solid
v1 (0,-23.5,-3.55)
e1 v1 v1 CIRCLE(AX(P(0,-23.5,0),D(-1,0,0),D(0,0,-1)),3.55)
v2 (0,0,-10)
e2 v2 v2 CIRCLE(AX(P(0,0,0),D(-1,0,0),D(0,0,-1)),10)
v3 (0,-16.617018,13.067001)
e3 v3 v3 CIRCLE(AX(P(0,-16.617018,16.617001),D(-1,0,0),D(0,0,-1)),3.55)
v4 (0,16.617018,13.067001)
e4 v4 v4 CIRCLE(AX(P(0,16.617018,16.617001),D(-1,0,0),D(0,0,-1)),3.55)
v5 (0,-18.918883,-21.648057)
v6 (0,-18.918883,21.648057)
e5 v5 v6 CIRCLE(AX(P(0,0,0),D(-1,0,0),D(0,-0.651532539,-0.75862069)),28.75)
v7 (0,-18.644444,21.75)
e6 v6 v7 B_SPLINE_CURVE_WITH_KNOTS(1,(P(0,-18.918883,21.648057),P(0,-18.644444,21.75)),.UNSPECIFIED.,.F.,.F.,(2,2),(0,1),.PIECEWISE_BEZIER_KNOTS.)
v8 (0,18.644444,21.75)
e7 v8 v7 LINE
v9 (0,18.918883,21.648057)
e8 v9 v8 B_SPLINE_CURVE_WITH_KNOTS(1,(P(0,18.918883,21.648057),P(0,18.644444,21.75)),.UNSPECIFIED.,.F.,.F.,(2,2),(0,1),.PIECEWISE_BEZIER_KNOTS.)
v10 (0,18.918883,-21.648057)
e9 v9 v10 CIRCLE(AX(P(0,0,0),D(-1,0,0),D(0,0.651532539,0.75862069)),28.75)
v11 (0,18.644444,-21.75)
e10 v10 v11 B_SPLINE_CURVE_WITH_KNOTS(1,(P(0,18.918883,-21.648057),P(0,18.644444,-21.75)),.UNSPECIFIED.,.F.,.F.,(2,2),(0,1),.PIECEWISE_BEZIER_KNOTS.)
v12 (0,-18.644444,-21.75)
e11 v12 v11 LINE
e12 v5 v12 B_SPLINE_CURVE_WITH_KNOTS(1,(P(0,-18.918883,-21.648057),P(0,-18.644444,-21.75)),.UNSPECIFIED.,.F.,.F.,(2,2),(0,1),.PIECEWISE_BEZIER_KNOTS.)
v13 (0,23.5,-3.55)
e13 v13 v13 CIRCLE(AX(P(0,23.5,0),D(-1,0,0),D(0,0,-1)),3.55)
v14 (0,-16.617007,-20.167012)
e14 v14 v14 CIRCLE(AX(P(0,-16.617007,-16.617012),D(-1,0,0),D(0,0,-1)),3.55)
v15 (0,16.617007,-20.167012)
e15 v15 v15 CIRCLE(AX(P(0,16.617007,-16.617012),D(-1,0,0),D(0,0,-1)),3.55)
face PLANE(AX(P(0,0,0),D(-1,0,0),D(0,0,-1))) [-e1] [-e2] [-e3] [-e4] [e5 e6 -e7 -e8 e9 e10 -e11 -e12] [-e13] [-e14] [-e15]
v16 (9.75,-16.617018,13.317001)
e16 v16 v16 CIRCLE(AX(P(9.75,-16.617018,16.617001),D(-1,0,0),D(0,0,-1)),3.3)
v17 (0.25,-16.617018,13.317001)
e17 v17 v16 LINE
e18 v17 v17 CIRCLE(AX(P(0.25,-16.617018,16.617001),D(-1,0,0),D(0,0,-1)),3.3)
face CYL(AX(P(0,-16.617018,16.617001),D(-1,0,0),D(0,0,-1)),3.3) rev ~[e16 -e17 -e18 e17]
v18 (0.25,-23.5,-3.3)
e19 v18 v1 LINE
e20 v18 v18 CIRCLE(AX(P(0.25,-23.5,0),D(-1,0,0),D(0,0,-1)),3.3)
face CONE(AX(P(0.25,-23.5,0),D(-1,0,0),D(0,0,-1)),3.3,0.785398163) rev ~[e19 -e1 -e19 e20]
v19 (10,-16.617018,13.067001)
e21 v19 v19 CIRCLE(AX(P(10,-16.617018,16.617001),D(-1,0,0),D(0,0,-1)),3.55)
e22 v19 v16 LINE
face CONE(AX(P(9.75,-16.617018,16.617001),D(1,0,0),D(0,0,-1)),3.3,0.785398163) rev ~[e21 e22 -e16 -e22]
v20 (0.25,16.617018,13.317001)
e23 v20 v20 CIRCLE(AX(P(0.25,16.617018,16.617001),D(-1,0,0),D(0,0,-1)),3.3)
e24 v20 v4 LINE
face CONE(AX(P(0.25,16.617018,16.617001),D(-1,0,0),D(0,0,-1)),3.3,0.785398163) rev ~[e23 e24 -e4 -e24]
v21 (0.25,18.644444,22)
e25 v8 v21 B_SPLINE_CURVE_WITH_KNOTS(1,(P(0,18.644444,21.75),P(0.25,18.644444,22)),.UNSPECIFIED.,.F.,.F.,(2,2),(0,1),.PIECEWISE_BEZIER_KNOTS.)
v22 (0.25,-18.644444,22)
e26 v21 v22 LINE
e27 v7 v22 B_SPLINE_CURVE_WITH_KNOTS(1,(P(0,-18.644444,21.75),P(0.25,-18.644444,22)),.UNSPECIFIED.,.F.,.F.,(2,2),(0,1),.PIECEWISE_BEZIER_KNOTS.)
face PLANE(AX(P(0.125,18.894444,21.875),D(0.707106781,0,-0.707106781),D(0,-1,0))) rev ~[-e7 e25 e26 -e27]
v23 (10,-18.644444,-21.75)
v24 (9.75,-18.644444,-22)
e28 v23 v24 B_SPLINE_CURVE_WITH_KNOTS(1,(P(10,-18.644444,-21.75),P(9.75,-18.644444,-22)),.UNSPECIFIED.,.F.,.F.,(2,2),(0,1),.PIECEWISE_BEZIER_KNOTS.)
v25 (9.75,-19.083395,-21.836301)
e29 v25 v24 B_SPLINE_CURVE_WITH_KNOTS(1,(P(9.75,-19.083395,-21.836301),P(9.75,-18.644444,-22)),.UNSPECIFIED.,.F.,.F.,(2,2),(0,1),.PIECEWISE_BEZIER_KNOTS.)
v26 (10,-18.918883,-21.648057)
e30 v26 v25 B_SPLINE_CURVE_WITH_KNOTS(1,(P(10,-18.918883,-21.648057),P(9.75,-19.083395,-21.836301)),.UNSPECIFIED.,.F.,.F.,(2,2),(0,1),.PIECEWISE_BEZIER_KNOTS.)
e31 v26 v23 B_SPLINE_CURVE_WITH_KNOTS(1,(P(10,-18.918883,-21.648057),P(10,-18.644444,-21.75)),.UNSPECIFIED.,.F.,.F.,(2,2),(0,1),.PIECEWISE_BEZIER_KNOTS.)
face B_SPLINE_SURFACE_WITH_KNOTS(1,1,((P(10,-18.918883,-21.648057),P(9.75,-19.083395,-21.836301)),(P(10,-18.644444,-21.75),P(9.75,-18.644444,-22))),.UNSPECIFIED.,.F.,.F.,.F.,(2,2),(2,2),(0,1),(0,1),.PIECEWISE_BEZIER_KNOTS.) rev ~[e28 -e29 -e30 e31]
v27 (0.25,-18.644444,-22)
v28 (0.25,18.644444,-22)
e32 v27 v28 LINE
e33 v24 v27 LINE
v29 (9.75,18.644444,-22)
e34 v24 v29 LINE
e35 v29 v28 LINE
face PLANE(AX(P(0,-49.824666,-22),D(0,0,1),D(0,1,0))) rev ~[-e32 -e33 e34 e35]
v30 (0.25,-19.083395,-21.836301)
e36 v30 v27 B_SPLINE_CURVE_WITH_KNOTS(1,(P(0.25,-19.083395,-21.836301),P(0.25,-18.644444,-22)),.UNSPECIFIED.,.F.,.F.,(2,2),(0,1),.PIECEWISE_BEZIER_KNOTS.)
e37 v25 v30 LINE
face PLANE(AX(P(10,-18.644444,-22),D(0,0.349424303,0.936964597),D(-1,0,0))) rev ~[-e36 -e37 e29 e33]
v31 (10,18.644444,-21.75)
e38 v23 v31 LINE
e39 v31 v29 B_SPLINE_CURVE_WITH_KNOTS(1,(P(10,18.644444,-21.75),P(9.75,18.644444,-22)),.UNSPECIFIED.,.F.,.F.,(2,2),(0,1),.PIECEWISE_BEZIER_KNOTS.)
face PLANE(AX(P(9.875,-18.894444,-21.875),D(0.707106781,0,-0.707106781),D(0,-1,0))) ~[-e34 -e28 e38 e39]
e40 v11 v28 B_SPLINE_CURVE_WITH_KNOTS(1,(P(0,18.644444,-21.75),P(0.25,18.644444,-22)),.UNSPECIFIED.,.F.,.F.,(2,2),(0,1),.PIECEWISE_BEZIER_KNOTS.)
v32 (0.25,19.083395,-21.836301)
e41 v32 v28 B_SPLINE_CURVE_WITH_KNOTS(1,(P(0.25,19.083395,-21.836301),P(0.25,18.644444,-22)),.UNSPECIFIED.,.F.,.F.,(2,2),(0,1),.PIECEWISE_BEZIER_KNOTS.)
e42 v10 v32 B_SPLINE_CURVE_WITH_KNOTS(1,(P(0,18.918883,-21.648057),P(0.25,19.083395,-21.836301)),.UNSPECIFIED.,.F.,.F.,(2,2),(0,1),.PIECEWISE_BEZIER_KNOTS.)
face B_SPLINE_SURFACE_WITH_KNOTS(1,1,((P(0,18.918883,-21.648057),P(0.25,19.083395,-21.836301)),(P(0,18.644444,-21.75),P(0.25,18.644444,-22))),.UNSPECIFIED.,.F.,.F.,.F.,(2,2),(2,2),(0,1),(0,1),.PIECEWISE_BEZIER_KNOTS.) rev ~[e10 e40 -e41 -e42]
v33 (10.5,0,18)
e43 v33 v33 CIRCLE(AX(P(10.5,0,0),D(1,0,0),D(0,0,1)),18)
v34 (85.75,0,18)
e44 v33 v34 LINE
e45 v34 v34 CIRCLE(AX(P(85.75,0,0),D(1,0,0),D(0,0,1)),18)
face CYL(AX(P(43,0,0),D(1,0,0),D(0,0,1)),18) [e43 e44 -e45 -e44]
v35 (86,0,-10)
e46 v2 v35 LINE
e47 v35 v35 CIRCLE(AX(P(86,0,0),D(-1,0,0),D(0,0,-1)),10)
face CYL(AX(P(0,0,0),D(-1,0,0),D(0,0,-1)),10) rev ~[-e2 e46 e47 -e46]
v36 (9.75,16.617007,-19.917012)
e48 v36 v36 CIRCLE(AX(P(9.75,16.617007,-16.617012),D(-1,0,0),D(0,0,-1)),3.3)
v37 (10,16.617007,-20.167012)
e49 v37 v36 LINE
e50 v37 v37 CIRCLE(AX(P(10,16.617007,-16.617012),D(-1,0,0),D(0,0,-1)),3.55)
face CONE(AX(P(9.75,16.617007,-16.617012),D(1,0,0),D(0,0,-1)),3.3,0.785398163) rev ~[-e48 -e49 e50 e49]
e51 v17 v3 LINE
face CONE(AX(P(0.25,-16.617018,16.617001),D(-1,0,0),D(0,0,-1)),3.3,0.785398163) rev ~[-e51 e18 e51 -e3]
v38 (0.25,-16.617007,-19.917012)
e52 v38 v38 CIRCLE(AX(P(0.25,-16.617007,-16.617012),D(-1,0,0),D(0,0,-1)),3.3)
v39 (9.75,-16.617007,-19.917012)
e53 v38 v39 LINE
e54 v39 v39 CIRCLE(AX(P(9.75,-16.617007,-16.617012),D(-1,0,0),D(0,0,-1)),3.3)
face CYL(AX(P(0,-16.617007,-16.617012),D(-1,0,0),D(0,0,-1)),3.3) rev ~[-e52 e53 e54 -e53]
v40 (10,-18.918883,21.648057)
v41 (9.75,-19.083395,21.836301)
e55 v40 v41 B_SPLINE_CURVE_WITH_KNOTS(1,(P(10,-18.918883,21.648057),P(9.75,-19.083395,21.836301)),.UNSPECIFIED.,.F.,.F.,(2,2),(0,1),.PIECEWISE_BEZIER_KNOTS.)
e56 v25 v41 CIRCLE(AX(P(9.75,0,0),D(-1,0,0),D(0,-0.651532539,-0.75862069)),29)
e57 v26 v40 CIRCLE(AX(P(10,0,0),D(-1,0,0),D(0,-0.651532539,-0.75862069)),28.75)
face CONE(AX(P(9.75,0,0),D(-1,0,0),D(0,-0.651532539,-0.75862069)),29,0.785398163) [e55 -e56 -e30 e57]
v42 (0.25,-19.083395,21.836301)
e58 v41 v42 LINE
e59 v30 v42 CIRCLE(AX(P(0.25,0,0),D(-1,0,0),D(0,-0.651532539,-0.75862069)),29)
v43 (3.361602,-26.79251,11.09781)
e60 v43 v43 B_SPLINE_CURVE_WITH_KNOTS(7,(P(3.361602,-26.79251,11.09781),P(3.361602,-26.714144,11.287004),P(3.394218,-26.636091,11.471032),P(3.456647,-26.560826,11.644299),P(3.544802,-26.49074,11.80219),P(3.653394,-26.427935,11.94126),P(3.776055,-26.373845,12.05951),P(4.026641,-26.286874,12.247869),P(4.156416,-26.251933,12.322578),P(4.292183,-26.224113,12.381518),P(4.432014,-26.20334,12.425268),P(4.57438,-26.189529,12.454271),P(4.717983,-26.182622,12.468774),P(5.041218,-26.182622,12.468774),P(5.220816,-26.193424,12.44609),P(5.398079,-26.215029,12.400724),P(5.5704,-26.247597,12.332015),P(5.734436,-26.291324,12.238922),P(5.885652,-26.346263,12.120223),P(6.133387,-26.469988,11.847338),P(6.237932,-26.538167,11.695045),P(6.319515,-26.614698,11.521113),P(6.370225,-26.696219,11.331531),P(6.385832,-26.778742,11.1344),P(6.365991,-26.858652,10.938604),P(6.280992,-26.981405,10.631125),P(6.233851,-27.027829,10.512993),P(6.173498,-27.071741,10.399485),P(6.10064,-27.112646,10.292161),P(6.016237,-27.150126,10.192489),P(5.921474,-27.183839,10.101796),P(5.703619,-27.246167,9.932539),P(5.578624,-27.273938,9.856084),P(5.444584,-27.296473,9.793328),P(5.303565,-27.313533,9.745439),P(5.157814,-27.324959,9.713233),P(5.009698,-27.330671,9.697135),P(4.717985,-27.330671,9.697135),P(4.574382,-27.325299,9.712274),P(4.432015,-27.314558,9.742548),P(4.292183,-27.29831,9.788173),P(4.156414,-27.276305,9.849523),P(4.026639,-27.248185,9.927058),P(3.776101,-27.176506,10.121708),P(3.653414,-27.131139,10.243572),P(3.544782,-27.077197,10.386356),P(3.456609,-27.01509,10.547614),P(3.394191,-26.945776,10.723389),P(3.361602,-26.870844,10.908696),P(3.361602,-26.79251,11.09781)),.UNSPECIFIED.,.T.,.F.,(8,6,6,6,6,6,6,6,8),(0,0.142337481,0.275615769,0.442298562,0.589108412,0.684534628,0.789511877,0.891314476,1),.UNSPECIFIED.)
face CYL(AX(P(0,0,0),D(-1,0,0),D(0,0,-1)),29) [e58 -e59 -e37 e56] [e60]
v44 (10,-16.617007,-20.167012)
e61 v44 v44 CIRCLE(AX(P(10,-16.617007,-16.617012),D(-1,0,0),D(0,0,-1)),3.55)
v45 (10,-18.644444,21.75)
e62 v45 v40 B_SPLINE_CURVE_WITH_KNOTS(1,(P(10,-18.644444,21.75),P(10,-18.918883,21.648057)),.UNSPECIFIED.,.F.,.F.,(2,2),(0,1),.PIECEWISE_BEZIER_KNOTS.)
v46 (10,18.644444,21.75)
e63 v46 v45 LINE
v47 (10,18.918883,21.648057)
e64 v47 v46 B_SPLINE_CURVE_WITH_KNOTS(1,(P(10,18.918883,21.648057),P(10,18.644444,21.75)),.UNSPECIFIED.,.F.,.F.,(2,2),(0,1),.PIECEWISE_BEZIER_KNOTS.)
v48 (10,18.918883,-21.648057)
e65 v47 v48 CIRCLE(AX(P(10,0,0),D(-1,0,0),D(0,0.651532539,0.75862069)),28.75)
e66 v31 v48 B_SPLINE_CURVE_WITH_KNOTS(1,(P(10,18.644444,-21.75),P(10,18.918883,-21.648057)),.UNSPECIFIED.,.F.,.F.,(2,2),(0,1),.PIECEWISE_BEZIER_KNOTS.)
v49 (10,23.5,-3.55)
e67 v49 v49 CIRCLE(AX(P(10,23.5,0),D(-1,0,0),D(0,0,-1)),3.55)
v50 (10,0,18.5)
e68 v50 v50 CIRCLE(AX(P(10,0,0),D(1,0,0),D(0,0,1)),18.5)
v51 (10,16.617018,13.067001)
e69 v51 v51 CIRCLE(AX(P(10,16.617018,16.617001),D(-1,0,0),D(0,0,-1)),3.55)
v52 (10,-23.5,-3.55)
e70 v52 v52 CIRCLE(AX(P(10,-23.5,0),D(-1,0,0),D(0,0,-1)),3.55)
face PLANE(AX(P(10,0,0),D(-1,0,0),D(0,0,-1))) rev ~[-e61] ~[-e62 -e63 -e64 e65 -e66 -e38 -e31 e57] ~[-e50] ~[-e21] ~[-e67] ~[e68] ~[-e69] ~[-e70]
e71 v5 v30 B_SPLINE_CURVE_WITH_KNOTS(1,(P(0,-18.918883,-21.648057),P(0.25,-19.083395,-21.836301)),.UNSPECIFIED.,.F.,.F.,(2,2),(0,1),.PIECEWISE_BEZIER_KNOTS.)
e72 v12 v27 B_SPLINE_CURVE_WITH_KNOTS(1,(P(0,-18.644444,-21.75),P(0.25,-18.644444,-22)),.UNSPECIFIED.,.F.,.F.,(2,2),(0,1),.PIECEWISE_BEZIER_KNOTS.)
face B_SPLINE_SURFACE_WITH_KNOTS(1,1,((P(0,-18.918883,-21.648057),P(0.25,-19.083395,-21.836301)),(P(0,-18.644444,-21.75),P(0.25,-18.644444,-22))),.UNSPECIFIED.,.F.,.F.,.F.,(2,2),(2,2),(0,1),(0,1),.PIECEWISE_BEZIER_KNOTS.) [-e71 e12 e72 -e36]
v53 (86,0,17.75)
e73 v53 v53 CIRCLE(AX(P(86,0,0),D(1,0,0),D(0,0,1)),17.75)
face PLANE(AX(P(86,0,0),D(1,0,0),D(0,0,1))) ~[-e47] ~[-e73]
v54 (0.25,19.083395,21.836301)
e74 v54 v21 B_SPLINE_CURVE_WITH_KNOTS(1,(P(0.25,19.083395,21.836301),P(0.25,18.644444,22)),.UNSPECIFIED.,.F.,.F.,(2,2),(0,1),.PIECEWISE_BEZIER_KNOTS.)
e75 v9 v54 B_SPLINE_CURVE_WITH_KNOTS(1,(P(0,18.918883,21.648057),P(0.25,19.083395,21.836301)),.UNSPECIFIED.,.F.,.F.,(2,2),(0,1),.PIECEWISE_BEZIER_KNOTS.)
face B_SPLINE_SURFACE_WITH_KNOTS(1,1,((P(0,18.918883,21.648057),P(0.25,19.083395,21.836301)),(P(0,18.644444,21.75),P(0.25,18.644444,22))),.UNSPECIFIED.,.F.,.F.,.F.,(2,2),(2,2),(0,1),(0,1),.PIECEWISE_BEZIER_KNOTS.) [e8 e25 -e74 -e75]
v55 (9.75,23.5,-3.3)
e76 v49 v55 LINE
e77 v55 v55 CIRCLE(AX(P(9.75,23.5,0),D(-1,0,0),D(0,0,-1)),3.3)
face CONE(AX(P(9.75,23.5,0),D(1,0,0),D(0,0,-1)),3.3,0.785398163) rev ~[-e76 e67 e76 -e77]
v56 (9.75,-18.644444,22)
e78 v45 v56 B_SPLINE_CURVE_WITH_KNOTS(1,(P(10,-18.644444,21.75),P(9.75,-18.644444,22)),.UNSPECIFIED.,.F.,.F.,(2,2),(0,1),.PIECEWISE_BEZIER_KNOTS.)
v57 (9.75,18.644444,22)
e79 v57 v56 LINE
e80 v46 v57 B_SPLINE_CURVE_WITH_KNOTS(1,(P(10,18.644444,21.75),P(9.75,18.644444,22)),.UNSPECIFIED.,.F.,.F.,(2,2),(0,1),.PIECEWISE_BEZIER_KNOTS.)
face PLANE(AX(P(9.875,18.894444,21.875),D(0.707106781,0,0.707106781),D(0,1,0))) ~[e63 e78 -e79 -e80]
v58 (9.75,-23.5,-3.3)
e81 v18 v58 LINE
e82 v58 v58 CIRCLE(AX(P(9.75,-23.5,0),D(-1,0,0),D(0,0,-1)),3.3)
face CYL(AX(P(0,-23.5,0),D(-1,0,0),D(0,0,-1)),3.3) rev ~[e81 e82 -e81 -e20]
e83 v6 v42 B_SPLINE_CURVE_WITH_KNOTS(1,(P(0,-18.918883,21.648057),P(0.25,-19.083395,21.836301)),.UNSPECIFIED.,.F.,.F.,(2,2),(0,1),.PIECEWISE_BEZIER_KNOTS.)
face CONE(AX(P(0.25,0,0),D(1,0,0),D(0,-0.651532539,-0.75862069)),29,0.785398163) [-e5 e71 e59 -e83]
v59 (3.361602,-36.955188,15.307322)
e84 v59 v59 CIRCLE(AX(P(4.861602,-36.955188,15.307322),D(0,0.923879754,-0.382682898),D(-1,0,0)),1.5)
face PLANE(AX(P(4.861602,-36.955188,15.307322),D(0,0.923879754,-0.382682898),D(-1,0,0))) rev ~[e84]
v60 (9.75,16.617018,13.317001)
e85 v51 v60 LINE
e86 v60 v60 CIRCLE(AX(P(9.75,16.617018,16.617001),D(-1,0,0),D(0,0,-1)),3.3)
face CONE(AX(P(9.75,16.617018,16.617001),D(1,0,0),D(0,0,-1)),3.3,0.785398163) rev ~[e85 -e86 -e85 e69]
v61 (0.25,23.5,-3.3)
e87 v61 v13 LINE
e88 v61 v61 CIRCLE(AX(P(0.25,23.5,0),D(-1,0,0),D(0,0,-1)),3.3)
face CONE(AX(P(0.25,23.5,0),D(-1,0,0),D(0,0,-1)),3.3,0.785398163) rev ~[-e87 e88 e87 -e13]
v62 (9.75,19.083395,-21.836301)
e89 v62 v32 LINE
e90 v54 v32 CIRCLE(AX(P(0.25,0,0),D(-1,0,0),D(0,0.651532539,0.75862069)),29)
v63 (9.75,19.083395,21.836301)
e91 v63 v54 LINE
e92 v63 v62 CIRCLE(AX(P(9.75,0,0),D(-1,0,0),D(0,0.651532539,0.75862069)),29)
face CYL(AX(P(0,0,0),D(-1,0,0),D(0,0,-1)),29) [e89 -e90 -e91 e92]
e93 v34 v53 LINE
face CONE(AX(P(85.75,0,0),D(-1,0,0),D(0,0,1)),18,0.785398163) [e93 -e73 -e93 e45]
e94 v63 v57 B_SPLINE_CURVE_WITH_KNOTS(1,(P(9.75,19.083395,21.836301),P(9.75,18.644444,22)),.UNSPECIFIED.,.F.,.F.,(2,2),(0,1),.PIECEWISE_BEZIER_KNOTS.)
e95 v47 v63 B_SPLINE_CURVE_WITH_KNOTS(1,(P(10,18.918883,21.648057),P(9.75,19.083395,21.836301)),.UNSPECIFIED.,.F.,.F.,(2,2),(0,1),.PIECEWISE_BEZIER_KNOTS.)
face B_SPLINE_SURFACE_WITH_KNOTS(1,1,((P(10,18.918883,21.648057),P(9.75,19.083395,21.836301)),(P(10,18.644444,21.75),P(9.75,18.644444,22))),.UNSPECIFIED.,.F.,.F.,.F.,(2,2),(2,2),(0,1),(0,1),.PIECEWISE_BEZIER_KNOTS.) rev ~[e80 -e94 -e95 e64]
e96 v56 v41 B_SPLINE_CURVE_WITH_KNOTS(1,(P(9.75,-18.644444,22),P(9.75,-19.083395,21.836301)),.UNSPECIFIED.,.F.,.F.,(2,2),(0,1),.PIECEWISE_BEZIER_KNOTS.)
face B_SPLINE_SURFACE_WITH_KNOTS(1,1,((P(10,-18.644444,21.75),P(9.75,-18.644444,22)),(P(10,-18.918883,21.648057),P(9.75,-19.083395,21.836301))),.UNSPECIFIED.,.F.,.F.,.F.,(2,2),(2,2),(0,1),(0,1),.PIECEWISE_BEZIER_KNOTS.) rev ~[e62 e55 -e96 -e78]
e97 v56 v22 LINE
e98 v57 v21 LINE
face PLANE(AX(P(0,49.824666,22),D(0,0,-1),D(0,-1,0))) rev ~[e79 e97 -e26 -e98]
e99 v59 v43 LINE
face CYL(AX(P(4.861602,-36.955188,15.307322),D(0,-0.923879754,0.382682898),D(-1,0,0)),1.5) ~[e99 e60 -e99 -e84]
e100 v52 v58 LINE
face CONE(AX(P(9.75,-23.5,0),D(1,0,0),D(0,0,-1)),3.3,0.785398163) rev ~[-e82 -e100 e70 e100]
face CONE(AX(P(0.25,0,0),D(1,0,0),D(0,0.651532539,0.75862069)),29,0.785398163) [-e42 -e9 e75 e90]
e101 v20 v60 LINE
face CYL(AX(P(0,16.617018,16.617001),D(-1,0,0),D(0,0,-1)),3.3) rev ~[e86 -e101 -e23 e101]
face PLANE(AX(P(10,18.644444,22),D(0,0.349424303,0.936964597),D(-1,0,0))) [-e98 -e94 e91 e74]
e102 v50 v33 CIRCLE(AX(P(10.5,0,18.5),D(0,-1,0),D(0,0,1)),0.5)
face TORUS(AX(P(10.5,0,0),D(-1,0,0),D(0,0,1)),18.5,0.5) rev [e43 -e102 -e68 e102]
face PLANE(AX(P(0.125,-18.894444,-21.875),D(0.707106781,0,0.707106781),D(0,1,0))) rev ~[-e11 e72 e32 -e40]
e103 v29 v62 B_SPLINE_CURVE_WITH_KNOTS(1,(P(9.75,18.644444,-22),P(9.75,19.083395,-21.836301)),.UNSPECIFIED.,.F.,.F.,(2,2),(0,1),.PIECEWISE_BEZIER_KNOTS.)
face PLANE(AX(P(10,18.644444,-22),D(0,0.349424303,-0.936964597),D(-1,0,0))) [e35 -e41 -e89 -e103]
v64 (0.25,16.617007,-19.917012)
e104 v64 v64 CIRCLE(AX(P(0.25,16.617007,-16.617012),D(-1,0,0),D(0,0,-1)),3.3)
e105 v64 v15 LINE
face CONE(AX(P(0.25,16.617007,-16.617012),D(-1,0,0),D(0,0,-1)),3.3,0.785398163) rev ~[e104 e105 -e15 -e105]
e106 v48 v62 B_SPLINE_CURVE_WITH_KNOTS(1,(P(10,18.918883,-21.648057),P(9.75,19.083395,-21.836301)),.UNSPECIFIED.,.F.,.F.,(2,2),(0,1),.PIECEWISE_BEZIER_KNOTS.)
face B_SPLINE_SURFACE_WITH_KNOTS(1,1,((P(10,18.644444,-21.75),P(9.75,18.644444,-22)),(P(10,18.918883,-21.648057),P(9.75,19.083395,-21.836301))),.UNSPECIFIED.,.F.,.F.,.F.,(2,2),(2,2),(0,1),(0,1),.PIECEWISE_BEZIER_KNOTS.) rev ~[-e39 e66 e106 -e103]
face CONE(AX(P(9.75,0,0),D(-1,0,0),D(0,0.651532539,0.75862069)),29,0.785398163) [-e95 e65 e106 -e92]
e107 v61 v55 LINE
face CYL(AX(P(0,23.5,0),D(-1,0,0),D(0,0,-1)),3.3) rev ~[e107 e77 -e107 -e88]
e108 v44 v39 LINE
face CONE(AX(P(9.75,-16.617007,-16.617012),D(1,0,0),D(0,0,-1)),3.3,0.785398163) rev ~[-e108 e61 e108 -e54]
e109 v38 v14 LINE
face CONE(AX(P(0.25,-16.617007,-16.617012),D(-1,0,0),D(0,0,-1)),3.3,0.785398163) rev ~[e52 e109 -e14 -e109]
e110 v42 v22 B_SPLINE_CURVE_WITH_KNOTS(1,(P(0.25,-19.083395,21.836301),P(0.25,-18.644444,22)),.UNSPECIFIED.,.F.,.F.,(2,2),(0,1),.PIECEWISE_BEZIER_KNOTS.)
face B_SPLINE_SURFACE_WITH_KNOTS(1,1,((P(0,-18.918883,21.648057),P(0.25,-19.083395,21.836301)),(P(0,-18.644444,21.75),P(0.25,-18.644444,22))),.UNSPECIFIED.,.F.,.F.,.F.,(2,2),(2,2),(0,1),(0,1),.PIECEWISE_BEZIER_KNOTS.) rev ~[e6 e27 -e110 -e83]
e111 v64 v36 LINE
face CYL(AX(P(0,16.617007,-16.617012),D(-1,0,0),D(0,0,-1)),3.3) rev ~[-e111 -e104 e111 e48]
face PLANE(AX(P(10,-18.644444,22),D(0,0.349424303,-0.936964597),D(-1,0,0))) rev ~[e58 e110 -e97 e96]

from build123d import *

# Parameters (mm, degrees)
SKETCH_W        = 86
SKETCH_H        = 18
SKETCH001_R     = 29
PAD_DEPTH       = 10
SKETCH002_W     = 20
SKETCH002_H     = 49.824667
POCKET_DEPTH    = 86.001
SKETCH003_R     = 3.3
POCKET001_DEPTH = 86.001
SKETCH005_R     = 1.5
PAD001_DEPTH    = 29
FILLET_R        = 0.5
CHAMFER_SIZE    = 0.25
CHAMFER001_SIZE = 0.25
CHAMFER002_SIZE = 0.25
SKETCH007_R     = 10
POCKET002_DEPTH = 86.001


with BuildPart() as part:
    # Sketch → Revolution (revolve)
    with BuildSketch(Plane.XZ):
        with Locations((43, 9)):
            Rectangle(SKETCH_W, SKETCH_H)
    revolve(axis=Axis((0, 0, 0), (1, 0, 0)))

    # Sketch001 (on Face3 of Revolution) → Pad (new body)
    with BuildSketch(Plane(origin=(0, 0, 0), x_dir=(0, 0, -1), z_dir=(-1, 0, 0))):
        Circle(SKETCH001_R)
    extrude(amount=-PAD_DEPTH)

    # Sketch002 (on Face5 of Pad) → Pocket (cut, through all)
    with BuildSketch(Plane(origin=(0, 0, 0), x_dir=(0, 0, -1), z_dir=(-1, 0, 0))):
        with Locations((-32, 24.912333)):
            Rectangle(SKETCH002_W, SKETCH002_H)
        with Locations((-32, -24.912333)):
            Rectangle(SKETCH002_W, SKETCH002_H)
        with Locations((32, 24.912333)):
            Rectangle(SKETCH002_W, SKETCH002_H)
        with Locations((32, -24.912333)):
            Rectangle(SKETCH002_W, SKETCH002_H)
    extrude(amount=-POCKET_DEPTH, mode=Mode.SUBTRACT)

    # Sketch003 (on Face6 of Pocket) → Pocket001 (cut, through all)
    with BuildSketch(Plane(origin=(0, 0, 0), x_dir=(0, 0, -1), z_dir=(-1, 0, 0))):
        with Locations((-16.617001, -16.617018)):
            Circle(SKETCH003_R)
        with Locations((0, -23.5)):
            Circle(SKETCH003_R)
        with Locations((16.617012, -16.617007)):
            Circle(SKETCH003_R)
        with Locations((-16.617001, 16.617018)):
            Circle(SKETCH003_R)
        with Locations((0, 23.5)):
            Circle(SKETCH003_R)
        with Locations((16.617012, 16.617007)):
            Circle(SKETCH003_R)
    extrude(amount=-POCKET001_DEPTH, mode=Mode.SUBTRACT)

    # Sketch005 (on DatumPlane) → Pad001 (join)
    with BuildSketch(Plane(origin=(5, -36.955188, 15.307322), x_dir=(-1, 0, 0), z_dir=(0, 0.92388, -0.382683))):
        with Locations((0.138398, 0)):
            Circle(SKETCH005_R)
    extrude(amount=PAD001_DEPTH)

    # Fillet
    fillet_edges = [part.edges().sort_by_distance(p)[0] for p in [
        (10, 0, -18),
    ]]
    fillet(fillet_edges, radius=FILLET_R)

    # Chamfer
    chamfer_edges = [part.edges().sort_by_distance(p)[0] for p in [
        (0, 0, 22),
        (5, -18.894444, 22),
        (10, 0, 22),
        (5, 18.894444, 22),
        (0, -29, 0),
        (10, -29, 0),
        (0, 0, -22),
        (5, 18.894444, -22),
        (10, 0, -22),
        (5, -18.894444, -22),
        (0, 29, 0),
        (10, 29, 0),
    ]]
    chamfer(chamfer_edges, length=CHAMFER_SIZE)

    # Chamfer001
    chamfer001_edges = [part.edges().sort_by_distance(p)[0] for p in [
        (86, 0, -18),
    ]]
    chamfer(chamfer001_edges, length=CHAMFER001_SIZE)

    # Chamfer002
    chamfer002_edges = [part.edges().sort_by_distance(p)[0] for p in [
        (0, -16.617018, 19.917001),
        (5, -16.617018, 13.317001),
        (10, -16.617018, 19.917001),
        (0, 16.617018, 19.917001),
        (5, 16.617018, 13.317001),
        (10, 16.617018, 19.917001),
        (0, 23.5, 3.3),
        (5, 23.5, -3.3),
        (10, 23.5, 3.3),
        (0, 16.617007, -13.317012),
        (5, 16.617007, -19.917012),
        (10, 16.617007, -13.317012),
        (0, -23.5, 3.3),
        (5, -23.5, -3.3),
        (10, -23.5, 3.3),
        (0, -16.617007, -13.317012),
        (5, -16.617007, -19.917012),
        (10, -16.617007, -13.317012),
    ]]
    chamfer(chamfer002_edges, length=CHAMFER002_SIZE)

    # Sketch007 (on Face48 of Chamfer002) → Pocket002 (cut, through all)
    with BuildSketch(Plane(origin=(0, 0, 0), x_dir=(0, 0, -1), z_dir=(-1, 0, 0))):
        Circle(SKETCH007_R)
    extrude(amount=-POCKET002_DEPTH, mode=Mode.SUBTRACT)


solid = part.part
